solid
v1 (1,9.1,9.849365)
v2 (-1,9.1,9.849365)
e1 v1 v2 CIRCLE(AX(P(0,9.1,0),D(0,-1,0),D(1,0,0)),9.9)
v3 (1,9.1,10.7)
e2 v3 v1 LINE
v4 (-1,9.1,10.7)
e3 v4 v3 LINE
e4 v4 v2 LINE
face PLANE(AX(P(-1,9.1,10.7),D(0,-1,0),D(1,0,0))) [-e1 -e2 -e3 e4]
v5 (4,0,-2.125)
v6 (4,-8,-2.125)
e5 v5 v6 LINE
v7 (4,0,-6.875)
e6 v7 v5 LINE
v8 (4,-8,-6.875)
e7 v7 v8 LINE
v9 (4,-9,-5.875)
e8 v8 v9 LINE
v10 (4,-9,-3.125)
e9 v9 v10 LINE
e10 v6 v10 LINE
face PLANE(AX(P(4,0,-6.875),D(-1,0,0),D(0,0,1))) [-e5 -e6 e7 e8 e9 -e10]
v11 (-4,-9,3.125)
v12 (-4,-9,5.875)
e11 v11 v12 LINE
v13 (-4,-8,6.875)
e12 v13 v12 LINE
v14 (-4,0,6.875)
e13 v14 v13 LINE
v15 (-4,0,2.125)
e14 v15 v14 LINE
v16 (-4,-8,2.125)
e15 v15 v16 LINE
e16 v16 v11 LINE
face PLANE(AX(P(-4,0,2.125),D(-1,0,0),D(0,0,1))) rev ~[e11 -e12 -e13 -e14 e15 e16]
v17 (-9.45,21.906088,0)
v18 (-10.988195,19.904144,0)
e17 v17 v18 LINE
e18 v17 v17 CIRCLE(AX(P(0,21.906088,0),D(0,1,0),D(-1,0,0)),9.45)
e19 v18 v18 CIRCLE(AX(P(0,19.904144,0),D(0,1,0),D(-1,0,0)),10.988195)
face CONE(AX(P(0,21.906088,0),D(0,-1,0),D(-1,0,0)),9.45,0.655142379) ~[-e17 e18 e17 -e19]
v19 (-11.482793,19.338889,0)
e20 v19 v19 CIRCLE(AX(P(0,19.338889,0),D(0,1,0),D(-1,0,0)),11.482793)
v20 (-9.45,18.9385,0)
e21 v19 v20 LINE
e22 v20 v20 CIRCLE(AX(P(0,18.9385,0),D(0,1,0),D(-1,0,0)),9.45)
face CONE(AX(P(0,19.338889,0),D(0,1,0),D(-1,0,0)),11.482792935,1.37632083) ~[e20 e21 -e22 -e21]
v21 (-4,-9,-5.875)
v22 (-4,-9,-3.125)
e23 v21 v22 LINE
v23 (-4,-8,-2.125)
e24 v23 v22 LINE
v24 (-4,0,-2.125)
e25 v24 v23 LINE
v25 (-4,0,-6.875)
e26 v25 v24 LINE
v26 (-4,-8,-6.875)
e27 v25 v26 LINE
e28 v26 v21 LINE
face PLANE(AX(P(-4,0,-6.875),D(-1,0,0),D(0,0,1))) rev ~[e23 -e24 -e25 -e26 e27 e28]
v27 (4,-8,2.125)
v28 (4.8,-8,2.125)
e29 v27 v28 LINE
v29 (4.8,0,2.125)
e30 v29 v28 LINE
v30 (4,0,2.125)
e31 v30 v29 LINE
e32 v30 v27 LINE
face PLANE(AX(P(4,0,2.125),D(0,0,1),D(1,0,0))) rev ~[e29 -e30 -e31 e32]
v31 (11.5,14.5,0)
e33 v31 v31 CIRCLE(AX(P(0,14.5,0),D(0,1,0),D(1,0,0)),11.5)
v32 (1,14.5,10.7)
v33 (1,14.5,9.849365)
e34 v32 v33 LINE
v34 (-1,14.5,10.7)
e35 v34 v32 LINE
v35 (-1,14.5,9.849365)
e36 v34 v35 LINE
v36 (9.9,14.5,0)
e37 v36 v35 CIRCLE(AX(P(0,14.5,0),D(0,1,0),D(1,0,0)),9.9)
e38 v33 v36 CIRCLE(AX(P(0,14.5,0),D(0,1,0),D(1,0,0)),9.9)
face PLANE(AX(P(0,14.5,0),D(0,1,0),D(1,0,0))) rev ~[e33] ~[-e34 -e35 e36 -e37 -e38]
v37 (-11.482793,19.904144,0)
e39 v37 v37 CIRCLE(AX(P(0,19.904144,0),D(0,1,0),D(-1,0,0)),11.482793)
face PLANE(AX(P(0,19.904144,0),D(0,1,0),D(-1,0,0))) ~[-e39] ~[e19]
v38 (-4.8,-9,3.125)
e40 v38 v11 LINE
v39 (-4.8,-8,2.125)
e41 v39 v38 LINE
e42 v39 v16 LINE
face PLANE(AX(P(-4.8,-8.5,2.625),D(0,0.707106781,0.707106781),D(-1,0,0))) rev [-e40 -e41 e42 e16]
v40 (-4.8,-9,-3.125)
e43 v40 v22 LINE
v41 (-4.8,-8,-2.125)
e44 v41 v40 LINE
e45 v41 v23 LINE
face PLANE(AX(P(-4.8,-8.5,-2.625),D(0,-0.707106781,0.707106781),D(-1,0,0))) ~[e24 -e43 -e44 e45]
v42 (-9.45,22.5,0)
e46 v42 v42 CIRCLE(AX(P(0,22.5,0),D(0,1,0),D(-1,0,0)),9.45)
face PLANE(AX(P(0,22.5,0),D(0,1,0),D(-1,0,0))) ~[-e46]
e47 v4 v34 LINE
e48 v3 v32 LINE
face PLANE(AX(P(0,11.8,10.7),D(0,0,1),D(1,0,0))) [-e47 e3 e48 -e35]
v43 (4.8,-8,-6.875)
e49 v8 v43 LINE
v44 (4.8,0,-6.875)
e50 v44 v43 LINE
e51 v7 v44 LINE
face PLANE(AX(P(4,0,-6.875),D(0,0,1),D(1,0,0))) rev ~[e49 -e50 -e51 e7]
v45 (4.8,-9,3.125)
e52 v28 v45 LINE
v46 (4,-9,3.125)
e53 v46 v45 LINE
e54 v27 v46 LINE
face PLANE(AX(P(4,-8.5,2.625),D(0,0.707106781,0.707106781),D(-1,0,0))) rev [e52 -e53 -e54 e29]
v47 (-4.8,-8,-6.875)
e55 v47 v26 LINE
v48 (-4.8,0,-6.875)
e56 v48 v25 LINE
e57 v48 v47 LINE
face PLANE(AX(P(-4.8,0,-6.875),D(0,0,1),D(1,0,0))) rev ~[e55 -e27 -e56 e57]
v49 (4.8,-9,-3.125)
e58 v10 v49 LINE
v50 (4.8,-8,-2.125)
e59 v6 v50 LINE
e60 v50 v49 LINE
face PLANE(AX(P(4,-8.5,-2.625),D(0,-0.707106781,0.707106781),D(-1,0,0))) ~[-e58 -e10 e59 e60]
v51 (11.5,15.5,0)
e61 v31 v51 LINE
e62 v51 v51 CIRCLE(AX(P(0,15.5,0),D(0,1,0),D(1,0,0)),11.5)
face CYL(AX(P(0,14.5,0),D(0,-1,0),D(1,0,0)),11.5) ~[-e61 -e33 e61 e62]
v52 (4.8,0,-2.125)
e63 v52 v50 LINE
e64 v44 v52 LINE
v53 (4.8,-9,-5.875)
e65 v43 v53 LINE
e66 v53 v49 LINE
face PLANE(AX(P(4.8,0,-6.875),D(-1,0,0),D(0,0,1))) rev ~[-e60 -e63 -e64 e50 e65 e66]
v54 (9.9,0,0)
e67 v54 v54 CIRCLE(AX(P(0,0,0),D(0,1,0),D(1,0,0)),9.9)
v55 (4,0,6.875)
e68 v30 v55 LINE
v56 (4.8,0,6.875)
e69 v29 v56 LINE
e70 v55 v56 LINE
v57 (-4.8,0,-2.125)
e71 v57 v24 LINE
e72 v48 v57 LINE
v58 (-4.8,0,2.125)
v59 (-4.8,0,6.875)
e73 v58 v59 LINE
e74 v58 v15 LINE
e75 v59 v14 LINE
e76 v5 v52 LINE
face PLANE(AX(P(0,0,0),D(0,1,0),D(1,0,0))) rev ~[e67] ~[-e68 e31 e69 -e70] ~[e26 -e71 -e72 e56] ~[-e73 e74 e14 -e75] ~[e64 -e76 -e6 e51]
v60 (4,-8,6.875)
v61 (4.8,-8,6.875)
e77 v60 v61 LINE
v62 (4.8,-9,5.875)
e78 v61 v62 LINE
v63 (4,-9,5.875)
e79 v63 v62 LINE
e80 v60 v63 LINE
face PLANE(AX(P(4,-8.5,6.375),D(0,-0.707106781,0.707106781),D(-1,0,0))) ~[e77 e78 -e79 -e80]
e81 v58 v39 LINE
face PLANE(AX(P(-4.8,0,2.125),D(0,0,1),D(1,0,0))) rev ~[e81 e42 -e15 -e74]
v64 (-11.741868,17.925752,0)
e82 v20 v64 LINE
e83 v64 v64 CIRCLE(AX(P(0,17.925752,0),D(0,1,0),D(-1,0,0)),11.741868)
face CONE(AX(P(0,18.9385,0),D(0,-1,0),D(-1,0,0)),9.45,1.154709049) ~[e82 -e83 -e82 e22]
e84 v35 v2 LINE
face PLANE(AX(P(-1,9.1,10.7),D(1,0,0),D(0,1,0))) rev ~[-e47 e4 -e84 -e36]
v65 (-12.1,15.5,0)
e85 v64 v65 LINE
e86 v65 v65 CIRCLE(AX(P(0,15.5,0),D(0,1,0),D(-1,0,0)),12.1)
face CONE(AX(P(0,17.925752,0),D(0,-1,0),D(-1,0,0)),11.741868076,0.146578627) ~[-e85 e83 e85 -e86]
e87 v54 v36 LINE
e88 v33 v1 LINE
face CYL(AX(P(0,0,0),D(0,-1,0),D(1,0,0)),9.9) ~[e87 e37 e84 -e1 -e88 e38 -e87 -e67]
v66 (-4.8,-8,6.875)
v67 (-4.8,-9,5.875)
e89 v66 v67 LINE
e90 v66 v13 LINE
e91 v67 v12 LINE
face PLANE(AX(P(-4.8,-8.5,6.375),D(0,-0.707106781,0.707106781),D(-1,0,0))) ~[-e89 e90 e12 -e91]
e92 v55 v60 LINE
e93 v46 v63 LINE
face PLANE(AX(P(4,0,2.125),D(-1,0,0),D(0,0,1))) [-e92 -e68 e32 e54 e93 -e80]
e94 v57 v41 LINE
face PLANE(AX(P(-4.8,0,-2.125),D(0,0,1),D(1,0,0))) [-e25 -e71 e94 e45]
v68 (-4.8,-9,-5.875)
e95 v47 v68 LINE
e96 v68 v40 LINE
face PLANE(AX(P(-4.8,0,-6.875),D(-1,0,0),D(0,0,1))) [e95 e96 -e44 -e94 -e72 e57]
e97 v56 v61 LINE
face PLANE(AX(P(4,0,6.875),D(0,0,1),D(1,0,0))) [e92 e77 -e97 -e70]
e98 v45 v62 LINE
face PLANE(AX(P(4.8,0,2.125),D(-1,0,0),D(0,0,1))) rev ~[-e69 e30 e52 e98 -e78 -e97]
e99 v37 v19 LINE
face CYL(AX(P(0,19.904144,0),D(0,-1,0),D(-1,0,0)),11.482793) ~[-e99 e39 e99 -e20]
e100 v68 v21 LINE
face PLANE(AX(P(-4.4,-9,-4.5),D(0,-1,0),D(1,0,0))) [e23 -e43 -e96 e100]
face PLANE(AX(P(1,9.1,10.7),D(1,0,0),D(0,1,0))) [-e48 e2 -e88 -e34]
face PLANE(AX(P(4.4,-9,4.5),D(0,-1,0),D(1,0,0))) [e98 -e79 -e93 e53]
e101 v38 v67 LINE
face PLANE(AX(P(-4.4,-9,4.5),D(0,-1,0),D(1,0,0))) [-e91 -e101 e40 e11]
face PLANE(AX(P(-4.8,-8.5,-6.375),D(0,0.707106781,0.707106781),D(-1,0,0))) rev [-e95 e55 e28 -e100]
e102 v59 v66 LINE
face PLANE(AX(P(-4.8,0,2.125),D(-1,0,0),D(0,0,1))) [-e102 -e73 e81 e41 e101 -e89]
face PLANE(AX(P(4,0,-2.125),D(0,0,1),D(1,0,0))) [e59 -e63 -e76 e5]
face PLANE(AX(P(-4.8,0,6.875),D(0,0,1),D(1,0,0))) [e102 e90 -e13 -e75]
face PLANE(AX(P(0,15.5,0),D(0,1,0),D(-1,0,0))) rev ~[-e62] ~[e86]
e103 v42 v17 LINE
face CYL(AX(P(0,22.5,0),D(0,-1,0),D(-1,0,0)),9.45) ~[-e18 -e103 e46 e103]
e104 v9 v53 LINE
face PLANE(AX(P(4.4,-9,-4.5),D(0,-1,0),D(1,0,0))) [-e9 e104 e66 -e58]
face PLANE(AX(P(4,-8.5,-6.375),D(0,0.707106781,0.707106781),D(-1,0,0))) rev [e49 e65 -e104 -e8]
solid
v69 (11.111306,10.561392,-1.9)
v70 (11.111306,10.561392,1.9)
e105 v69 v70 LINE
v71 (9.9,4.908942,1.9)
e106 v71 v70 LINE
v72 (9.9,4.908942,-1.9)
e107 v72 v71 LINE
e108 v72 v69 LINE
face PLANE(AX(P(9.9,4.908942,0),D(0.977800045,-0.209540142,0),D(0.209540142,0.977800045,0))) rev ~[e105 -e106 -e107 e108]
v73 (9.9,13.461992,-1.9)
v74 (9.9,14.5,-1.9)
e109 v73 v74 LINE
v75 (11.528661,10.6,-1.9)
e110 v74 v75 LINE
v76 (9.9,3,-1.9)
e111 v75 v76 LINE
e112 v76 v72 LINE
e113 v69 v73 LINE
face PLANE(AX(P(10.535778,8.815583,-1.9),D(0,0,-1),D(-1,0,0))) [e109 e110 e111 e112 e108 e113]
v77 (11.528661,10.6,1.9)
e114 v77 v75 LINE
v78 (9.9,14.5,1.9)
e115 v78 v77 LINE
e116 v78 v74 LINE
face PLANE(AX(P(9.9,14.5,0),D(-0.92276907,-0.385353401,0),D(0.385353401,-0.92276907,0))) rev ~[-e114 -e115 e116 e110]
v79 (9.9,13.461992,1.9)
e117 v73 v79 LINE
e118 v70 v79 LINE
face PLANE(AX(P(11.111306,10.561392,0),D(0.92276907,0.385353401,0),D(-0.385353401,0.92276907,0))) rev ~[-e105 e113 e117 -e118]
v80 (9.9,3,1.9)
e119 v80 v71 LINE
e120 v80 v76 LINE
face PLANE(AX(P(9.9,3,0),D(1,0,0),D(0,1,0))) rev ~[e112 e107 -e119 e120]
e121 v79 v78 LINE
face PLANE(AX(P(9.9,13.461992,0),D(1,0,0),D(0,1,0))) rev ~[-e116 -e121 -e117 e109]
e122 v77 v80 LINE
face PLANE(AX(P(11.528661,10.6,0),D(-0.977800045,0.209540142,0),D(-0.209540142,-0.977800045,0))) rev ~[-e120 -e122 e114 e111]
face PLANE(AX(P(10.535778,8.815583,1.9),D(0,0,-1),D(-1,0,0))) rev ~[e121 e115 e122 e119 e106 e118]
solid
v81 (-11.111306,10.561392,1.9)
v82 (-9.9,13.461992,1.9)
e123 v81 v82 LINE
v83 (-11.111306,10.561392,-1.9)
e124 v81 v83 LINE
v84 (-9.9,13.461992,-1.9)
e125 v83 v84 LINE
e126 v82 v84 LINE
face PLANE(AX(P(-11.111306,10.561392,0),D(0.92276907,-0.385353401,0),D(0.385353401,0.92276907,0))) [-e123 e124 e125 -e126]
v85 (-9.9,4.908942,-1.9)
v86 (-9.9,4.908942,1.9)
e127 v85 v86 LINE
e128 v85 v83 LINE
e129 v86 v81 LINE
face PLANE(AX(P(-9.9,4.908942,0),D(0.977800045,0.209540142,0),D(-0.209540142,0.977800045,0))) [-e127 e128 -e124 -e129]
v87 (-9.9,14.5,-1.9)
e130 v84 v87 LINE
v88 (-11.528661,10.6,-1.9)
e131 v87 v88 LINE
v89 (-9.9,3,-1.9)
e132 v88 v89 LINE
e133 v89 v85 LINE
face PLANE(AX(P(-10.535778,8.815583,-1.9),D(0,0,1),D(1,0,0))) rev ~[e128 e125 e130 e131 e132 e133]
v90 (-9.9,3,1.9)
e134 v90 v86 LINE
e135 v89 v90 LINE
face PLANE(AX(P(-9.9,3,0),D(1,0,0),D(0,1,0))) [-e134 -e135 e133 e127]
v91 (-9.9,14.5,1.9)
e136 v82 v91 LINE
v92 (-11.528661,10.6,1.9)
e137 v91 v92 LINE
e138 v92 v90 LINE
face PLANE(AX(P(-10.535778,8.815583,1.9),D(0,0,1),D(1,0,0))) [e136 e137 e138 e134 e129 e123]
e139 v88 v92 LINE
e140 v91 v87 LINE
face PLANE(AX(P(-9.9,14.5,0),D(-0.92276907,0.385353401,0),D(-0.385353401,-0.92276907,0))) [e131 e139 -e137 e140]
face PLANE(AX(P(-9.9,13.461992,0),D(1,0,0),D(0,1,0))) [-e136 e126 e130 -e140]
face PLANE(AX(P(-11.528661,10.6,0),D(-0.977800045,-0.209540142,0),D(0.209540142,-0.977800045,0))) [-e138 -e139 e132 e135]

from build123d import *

# Parameters (mm, degrees)
SKETCH1_R             = 9.9
BOSS_EXTRUDE1_DEPTH   = 14.5
SKETCH2_R             = 11.5
BOSS_EXTRUDE2_DEPTH   = 1
BOSS_EXTRUDE3_REACH   = 24.2
SKETCH3_W             = 2
SKETCH3_H             = 5.4
BOSS_EXTRUDE4_DEPTH   = 1.9
BOSS_EXTRUDE4_2_DEPTH = 1.9
SKETCH6_W             = 0.8
SKETCH6_H             = 4.75
BOSS_EXTRUDE5_DEPTH   = 9
CHAMFER1_SIZE         = 1


with BuildPart() as part:
    # Sketch1 → Boss-Extrude1 (new body)
    with BuildSketch(Plane(origin=(0, 0, 0), x_dir=(1, 0, 0), z_dir=(0, 1, 0))):
        Circle(SKETCH1_R)
    extrude(amount=BOSS_EXTRUDE1_DEPTH)

    # Sketch2 → Boss-Extrude2 (add)
    with BuildSketch(Plane(origin=(0, 14.5, 0), x_dir=(1, 0, 0), z_dir=(0, 1, 0))):
        Circle(SKETCH2_R)
    extrude(amount=BOSS_EXTRUDE2_DEPTH)

    # Sketch3 → Boss-Extrude3 (add, up to next)
    with BuildSketch(Plane.XY.offset(10.7), mode=Mode.PRIVATE) as boss_extrude3_sk1:
        with Locations((0, 11.8)):
            Rectangle(SKETCH3_W, SKETCH3_H)
    boss_extrude3_tool1 = extrude(boss_extrude3_sk1.sketch, amount=-BOSS_EXTRUDE3_REACH, mode=Mode.PRIVATE) - part.part
    add(boss_extrude3_tool1.solids().sort_by_distance((0, 11.8, 10.7))[0])

    # Sketch5 → Revolve1 (revolve)
    with BuildSketch(Plane.XY):
        Polygon((-12.1, 15.5), (0, 15.5), (0, 22.5), (-9.45, 22.5), (-9.45, 21.906088168), (-10.98819494, 19.904143901), (-11.482792935, 19.904143901), (-11.482792935, 19.338889049), (-9.45, 18.938500196), (-11.741868076, 17.92575192), align=None)
    revolve(axis=Axis((0, 0, 0), (0, 1, 0)))

    # Sketch6 → Boss-Extrude5 (add)
    with BuildSketch(Plane.XZ):
        with Locations((-4.4, 4.5)):
            Rectangle(SKETCH6_W, SKETCH6_H)
        with Locations((-4.4, -4.5)):
            Rectangle(SKETCH6_W, SKETCH6_H)
        with Locations((4.4, 4.5)):
            Rectangle(SKETCH6_W, SKETCH6_H)
        with Locations((4.4, -4.5)):
            Rectangle(SKETCH6_W, SKETCH6_H)
    extrude(amount=BOSS_EXTRUDE5_DEPTH)

    # Chamfer1
    chamfer1_edges = [part.edges().sort_by_distance(p)[0] for p in [
        (-4.4, -9, 2.125),
        (-4.4, -9, 6.875),
        (-4.4, -9, -6.875),
        (-4.4, -9, -2.125),
        (4.4, -9, 2.125),
        (4.4, -9, 6.875),
        (4.4, -9, -6.875),
        (4.4, -9, -2.125),
    ]]
    chamfer(chamfer1_edges, length=CHAMFER1_SIZE)


with BuildPart() as body_2:
    # Sketch4 → Boss-Extrude4 (new body, symmetric)
    with BuildSketch(Plane.XY):
        Polygon((-9.9, 14.5), (-11.528661289, 10.6), (-9.9, 3), (-9.9, 4.908942102), (-11.111306166, 10.56139232), (-9.9, 13.461991774), align=None)
    extrude(amount=BOSS_EXTRUDE4_DEPTH, both=True)


with BuildPart() as body_3:
    # Sketch4 → Boss-Extrude4 2 (new body, symmetric)
    with BuildSketch(Plane.XY):
        Polygon((9.9, 13.461991774), (9.9, 14.5), (11.528661289, 10.6), (9.9, 3), (9.9, 4.908942102), (11.111306166, 10.56139232), align=None)
    extrude(amount=BOSS_EXTRUDE4_2_DEPTH, both=True)


solid = Compound([part.part, body_2.part, body_3.part])
